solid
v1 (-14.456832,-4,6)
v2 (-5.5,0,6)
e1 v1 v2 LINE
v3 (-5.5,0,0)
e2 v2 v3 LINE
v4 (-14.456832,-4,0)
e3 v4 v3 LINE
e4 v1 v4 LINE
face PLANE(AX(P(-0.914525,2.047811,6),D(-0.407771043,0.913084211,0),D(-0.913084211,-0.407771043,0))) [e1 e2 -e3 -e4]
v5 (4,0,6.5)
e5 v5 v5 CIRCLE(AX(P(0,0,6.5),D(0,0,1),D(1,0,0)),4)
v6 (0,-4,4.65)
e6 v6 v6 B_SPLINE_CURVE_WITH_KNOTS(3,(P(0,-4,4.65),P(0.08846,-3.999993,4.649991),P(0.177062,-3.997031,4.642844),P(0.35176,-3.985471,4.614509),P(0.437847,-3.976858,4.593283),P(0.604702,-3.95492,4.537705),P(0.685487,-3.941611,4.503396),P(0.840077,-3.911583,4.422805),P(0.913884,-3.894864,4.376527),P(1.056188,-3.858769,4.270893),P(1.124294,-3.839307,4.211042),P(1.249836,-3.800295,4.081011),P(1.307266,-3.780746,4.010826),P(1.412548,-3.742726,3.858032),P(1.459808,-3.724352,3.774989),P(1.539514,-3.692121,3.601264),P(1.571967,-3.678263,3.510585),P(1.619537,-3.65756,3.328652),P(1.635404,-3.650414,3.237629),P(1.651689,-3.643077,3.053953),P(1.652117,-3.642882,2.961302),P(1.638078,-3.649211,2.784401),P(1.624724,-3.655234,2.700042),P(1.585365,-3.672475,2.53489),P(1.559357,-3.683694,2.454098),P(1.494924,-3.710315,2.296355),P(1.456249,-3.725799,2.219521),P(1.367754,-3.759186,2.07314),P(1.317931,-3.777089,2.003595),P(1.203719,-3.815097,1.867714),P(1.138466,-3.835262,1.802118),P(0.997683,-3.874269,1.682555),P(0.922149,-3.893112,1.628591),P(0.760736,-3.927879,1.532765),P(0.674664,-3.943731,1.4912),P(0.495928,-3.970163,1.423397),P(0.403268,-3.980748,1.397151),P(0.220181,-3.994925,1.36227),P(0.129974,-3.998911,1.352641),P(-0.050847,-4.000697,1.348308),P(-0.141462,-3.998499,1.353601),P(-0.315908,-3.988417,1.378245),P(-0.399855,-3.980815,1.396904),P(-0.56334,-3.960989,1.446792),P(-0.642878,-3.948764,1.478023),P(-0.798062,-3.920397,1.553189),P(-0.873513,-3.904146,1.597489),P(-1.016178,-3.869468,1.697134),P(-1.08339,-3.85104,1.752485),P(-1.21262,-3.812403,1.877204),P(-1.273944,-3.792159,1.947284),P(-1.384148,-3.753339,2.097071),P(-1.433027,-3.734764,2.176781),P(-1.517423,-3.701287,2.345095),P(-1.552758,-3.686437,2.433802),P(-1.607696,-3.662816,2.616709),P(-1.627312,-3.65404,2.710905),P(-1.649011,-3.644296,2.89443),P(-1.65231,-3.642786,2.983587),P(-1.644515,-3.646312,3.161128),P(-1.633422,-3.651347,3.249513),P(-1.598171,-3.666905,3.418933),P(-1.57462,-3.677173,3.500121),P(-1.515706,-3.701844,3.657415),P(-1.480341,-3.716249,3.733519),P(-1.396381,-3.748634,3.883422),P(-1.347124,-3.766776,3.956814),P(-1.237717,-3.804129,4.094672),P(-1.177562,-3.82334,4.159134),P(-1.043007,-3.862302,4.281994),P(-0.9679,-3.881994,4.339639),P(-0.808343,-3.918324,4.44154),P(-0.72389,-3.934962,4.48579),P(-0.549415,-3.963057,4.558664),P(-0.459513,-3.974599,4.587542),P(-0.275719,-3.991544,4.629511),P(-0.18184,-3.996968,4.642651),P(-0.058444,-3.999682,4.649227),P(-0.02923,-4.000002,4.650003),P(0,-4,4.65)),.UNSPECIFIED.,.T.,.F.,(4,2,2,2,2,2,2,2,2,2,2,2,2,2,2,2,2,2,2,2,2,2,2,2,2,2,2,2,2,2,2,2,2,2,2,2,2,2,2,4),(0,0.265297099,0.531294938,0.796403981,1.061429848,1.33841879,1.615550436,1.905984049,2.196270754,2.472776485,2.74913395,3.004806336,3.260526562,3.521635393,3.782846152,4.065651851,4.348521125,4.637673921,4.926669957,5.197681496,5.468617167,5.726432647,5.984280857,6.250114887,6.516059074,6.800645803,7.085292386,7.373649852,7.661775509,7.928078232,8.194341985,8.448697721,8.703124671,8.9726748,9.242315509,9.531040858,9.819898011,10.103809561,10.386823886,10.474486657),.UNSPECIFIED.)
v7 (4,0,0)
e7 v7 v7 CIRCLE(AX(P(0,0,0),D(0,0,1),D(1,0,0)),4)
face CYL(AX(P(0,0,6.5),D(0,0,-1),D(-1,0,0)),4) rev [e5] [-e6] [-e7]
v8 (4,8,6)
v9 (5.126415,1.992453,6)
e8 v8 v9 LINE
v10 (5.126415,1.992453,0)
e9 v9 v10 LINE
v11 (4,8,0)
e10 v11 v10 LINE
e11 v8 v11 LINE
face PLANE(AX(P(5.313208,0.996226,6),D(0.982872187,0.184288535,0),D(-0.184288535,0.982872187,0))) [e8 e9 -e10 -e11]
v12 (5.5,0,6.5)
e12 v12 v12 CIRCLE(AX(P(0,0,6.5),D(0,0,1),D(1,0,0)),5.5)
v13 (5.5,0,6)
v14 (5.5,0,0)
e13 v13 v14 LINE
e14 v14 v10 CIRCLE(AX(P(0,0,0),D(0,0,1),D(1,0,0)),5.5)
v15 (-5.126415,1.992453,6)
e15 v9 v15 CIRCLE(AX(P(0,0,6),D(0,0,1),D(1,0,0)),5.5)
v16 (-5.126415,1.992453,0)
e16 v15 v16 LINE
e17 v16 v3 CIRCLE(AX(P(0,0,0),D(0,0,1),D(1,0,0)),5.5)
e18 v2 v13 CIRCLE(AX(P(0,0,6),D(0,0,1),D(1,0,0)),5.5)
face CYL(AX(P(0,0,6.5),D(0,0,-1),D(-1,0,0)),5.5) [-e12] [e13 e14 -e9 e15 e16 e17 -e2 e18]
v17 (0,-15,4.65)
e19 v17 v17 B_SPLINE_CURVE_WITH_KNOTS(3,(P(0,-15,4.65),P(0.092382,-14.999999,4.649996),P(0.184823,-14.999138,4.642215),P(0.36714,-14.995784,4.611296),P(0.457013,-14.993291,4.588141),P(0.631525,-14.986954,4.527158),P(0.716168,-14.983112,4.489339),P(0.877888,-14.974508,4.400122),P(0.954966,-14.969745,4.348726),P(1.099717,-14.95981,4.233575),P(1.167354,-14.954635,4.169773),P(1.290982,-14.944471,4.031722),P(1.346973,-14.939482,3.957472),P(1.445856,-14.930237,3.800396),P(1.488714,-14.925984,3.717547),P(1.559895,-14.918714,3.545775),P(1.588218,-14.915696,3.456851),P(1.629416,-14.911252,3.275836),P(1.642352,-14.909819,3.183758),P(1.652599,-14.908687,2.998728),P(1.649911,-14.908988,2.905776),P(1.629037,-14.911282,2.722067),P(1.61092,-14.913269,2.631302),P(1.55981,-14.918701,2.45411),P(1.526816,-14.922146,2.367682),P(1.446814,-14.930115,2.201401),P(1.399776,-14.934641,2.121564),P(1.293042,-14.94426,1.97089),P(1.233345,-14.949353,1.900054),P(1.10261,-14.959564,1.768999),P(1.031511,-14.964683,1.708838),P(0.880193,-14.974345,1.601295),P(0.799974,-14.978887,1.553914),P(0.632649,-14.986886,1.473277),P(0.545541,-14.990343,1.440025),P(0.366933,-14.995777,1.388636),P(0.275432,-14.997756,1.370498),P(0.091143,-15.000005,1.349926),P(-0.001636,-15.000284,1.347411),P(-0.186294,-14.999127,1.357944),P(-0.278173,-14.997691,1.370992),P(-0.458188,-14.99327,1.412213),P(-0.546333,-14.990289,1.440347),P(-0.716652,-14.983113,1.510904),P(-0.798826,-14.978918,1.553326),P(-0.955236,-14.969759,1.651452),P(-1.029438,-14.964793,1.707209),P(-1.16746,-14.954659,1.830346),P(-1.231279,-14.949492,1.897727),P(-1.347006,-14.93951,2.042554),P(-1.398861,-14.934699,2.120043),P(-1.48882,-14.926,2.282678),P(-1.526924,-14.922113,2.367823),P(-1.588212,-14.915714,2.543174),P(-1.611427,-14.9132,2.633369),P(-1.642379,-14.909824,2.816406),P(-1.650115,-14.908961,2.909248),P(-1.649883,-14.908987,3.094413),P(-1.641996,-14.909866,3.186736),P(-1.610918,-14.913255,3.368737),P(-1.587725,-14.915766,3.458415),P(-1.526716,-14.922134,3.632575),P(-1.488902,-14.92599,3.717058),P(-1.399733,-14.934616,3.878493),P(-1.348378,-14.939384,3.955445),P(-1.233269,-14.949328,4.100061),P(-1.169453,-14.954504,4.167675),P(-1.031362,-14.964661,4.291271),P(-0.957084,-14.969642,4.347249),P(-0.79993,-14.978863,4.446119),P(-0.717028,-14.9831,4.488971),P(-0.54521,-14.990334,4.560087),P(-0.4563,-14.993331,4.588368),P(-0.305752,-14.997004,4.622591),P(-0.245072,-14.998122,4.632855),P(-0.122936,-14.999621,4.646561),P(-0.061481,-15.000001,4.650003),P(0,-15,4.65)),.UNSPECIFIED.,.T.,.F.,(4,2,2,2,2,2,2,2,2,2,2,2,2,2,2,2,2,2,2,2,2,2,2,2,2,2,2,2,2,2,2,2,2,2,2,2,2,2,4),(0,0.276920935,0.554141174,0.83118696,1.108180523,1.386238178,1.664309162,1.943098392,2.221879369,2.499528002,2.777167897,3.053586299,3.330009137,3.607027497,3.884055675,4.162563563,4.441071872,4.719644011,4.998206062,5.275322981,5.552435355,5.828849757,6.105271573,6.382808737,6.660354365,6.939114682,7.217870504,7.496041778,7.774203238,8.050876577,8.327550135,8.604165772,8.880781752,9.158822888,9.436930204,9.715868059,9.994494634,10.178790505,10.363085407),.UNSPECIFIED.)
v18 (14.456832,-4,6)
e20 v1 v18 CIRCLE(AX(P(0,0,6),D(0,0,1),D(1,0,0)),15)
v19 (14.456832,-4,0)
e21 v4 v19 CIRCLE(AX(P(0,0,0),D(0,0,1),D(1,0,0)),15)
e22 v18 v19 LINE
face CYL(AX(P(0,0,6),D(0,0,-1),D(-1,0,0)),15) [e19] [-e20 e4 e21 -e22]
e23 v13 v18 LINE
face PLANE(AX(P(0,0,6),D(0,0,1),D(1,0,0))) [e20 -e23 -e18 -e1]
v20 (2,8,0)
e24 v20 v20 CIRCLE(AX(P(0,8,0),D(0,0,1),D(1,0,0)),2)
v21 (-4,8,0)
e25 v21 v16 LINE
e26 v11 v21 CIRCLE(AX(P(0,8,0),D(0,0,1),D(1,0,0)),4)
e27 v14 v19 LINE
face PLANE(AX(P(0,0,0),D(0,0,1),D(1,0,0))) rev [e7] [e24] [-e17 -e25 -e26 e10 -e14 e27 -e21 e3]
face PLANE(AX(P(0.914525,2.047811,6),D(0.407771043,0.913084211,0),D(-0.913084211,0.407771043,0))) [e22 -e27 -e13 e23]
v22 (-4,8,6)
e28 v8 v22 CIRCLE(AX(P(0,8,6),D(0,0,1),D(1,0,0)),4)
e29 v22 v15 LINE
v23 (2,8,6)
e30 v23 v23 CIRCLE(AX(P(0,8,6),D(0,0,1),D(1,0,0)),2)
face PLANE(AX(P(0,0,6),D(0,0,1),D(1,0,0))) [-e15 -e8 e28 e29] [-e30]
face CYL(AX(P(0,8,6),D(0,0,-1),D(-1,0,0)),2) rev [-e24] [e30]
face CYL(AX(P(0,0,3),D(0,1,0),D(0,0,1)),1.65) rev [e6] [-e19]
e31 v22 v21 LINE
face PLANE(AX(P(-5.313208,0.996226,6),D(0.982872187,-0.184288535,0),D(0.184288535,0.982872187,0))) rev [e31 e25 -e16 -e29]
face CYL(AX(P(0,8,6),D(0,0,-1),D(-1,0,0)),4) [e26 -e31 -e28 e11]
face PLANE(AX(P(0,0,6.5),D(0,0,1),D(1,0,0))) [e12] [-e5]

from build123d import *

# Parameters (mm, degrees)
SKETCH1_R             = 2
BOSS_EXTRUDE1_DEPTH   = 6
BOSS_EXTRUDE1_2_DEPTH = 6
SKETCH2_R             = 5.5
SKETCH2_R_2           = 4
BOSS_EXTRUDE2_DEPTH   = 6.5


with BuildPart() as part:
    # Sketch1 → Boss-Extrude1 (new body)
    with BuildSketch(Plane.XY):
        with BuildLine():
            Line((-4, 8), (-5.126415094, 1.99245283))
            ThreePointArc((-5.126415094, 1.99245283), (0, 5.5), (5.126415094, 1.99245283))
            Line((5.126415094, 1.99245283), (4, 8))
            ThreePointArc((4, 8), (0, 12), (-4, 8))
        make_face()
        with Locations((0, 8)):
            Circle(SKETCH1_R, mode=Mode.SUBTRACT)
    extrude(amount=BOSS_EXTRUDE1_DEPTH)



with BuildPart() as body_2:
    # Sketch1 → Boss-Extrude1 2 (new body)
    with BuildSketch(Plane.XY):
        with BuildLine():
            Line((-5.5, 0), (-14.456832295, -4))
            ThreePointArc((-14.456832295, -4), (0, -15), (14.456832295, -4))
            Line((14.456832295, -4), (5.5, 0))
            ThreePointArc((5.5, 0), (0, -5.5), (-5.5, 0))
        make_face()
    extrude(amount=BOSS_EXTRUDE1_2_DEPTH)


with BuildPart() as part_1:
    add(part.part)

    add(body_2.part)  # Boss-Extrude2 merges body 2
    # Sketch2 → Boss-Extrude2 (add)
    with BuildSketch(Plane.XY):
        Circle(SKETCH2_R)
        with Locations(Location((0, 0, 0), (0, 0, 180))):
            Circle(SKETCH2_R_2, mode=Mode.SUBTRACT)
    extrude(amount=BOSS_EXTRUDE2_DEPTH)

    # Sketch4 → M4 Tapped Hole1 (revolve, cut)
    with BuildSketch(Plane(origin=(0, 0, 3), x_dir=(0, 0, 1), z_dir=(1, 0, 0))):
        Polygon((0, 0), (0, 21.091420021), (1.65, 20.1), (1.65, 0), align=None)
    revolve(axis=Axis((0, 6.35, 3), (0, -1, 0)), mode=Mode.SUBTRACT)


solid = part_1.part
